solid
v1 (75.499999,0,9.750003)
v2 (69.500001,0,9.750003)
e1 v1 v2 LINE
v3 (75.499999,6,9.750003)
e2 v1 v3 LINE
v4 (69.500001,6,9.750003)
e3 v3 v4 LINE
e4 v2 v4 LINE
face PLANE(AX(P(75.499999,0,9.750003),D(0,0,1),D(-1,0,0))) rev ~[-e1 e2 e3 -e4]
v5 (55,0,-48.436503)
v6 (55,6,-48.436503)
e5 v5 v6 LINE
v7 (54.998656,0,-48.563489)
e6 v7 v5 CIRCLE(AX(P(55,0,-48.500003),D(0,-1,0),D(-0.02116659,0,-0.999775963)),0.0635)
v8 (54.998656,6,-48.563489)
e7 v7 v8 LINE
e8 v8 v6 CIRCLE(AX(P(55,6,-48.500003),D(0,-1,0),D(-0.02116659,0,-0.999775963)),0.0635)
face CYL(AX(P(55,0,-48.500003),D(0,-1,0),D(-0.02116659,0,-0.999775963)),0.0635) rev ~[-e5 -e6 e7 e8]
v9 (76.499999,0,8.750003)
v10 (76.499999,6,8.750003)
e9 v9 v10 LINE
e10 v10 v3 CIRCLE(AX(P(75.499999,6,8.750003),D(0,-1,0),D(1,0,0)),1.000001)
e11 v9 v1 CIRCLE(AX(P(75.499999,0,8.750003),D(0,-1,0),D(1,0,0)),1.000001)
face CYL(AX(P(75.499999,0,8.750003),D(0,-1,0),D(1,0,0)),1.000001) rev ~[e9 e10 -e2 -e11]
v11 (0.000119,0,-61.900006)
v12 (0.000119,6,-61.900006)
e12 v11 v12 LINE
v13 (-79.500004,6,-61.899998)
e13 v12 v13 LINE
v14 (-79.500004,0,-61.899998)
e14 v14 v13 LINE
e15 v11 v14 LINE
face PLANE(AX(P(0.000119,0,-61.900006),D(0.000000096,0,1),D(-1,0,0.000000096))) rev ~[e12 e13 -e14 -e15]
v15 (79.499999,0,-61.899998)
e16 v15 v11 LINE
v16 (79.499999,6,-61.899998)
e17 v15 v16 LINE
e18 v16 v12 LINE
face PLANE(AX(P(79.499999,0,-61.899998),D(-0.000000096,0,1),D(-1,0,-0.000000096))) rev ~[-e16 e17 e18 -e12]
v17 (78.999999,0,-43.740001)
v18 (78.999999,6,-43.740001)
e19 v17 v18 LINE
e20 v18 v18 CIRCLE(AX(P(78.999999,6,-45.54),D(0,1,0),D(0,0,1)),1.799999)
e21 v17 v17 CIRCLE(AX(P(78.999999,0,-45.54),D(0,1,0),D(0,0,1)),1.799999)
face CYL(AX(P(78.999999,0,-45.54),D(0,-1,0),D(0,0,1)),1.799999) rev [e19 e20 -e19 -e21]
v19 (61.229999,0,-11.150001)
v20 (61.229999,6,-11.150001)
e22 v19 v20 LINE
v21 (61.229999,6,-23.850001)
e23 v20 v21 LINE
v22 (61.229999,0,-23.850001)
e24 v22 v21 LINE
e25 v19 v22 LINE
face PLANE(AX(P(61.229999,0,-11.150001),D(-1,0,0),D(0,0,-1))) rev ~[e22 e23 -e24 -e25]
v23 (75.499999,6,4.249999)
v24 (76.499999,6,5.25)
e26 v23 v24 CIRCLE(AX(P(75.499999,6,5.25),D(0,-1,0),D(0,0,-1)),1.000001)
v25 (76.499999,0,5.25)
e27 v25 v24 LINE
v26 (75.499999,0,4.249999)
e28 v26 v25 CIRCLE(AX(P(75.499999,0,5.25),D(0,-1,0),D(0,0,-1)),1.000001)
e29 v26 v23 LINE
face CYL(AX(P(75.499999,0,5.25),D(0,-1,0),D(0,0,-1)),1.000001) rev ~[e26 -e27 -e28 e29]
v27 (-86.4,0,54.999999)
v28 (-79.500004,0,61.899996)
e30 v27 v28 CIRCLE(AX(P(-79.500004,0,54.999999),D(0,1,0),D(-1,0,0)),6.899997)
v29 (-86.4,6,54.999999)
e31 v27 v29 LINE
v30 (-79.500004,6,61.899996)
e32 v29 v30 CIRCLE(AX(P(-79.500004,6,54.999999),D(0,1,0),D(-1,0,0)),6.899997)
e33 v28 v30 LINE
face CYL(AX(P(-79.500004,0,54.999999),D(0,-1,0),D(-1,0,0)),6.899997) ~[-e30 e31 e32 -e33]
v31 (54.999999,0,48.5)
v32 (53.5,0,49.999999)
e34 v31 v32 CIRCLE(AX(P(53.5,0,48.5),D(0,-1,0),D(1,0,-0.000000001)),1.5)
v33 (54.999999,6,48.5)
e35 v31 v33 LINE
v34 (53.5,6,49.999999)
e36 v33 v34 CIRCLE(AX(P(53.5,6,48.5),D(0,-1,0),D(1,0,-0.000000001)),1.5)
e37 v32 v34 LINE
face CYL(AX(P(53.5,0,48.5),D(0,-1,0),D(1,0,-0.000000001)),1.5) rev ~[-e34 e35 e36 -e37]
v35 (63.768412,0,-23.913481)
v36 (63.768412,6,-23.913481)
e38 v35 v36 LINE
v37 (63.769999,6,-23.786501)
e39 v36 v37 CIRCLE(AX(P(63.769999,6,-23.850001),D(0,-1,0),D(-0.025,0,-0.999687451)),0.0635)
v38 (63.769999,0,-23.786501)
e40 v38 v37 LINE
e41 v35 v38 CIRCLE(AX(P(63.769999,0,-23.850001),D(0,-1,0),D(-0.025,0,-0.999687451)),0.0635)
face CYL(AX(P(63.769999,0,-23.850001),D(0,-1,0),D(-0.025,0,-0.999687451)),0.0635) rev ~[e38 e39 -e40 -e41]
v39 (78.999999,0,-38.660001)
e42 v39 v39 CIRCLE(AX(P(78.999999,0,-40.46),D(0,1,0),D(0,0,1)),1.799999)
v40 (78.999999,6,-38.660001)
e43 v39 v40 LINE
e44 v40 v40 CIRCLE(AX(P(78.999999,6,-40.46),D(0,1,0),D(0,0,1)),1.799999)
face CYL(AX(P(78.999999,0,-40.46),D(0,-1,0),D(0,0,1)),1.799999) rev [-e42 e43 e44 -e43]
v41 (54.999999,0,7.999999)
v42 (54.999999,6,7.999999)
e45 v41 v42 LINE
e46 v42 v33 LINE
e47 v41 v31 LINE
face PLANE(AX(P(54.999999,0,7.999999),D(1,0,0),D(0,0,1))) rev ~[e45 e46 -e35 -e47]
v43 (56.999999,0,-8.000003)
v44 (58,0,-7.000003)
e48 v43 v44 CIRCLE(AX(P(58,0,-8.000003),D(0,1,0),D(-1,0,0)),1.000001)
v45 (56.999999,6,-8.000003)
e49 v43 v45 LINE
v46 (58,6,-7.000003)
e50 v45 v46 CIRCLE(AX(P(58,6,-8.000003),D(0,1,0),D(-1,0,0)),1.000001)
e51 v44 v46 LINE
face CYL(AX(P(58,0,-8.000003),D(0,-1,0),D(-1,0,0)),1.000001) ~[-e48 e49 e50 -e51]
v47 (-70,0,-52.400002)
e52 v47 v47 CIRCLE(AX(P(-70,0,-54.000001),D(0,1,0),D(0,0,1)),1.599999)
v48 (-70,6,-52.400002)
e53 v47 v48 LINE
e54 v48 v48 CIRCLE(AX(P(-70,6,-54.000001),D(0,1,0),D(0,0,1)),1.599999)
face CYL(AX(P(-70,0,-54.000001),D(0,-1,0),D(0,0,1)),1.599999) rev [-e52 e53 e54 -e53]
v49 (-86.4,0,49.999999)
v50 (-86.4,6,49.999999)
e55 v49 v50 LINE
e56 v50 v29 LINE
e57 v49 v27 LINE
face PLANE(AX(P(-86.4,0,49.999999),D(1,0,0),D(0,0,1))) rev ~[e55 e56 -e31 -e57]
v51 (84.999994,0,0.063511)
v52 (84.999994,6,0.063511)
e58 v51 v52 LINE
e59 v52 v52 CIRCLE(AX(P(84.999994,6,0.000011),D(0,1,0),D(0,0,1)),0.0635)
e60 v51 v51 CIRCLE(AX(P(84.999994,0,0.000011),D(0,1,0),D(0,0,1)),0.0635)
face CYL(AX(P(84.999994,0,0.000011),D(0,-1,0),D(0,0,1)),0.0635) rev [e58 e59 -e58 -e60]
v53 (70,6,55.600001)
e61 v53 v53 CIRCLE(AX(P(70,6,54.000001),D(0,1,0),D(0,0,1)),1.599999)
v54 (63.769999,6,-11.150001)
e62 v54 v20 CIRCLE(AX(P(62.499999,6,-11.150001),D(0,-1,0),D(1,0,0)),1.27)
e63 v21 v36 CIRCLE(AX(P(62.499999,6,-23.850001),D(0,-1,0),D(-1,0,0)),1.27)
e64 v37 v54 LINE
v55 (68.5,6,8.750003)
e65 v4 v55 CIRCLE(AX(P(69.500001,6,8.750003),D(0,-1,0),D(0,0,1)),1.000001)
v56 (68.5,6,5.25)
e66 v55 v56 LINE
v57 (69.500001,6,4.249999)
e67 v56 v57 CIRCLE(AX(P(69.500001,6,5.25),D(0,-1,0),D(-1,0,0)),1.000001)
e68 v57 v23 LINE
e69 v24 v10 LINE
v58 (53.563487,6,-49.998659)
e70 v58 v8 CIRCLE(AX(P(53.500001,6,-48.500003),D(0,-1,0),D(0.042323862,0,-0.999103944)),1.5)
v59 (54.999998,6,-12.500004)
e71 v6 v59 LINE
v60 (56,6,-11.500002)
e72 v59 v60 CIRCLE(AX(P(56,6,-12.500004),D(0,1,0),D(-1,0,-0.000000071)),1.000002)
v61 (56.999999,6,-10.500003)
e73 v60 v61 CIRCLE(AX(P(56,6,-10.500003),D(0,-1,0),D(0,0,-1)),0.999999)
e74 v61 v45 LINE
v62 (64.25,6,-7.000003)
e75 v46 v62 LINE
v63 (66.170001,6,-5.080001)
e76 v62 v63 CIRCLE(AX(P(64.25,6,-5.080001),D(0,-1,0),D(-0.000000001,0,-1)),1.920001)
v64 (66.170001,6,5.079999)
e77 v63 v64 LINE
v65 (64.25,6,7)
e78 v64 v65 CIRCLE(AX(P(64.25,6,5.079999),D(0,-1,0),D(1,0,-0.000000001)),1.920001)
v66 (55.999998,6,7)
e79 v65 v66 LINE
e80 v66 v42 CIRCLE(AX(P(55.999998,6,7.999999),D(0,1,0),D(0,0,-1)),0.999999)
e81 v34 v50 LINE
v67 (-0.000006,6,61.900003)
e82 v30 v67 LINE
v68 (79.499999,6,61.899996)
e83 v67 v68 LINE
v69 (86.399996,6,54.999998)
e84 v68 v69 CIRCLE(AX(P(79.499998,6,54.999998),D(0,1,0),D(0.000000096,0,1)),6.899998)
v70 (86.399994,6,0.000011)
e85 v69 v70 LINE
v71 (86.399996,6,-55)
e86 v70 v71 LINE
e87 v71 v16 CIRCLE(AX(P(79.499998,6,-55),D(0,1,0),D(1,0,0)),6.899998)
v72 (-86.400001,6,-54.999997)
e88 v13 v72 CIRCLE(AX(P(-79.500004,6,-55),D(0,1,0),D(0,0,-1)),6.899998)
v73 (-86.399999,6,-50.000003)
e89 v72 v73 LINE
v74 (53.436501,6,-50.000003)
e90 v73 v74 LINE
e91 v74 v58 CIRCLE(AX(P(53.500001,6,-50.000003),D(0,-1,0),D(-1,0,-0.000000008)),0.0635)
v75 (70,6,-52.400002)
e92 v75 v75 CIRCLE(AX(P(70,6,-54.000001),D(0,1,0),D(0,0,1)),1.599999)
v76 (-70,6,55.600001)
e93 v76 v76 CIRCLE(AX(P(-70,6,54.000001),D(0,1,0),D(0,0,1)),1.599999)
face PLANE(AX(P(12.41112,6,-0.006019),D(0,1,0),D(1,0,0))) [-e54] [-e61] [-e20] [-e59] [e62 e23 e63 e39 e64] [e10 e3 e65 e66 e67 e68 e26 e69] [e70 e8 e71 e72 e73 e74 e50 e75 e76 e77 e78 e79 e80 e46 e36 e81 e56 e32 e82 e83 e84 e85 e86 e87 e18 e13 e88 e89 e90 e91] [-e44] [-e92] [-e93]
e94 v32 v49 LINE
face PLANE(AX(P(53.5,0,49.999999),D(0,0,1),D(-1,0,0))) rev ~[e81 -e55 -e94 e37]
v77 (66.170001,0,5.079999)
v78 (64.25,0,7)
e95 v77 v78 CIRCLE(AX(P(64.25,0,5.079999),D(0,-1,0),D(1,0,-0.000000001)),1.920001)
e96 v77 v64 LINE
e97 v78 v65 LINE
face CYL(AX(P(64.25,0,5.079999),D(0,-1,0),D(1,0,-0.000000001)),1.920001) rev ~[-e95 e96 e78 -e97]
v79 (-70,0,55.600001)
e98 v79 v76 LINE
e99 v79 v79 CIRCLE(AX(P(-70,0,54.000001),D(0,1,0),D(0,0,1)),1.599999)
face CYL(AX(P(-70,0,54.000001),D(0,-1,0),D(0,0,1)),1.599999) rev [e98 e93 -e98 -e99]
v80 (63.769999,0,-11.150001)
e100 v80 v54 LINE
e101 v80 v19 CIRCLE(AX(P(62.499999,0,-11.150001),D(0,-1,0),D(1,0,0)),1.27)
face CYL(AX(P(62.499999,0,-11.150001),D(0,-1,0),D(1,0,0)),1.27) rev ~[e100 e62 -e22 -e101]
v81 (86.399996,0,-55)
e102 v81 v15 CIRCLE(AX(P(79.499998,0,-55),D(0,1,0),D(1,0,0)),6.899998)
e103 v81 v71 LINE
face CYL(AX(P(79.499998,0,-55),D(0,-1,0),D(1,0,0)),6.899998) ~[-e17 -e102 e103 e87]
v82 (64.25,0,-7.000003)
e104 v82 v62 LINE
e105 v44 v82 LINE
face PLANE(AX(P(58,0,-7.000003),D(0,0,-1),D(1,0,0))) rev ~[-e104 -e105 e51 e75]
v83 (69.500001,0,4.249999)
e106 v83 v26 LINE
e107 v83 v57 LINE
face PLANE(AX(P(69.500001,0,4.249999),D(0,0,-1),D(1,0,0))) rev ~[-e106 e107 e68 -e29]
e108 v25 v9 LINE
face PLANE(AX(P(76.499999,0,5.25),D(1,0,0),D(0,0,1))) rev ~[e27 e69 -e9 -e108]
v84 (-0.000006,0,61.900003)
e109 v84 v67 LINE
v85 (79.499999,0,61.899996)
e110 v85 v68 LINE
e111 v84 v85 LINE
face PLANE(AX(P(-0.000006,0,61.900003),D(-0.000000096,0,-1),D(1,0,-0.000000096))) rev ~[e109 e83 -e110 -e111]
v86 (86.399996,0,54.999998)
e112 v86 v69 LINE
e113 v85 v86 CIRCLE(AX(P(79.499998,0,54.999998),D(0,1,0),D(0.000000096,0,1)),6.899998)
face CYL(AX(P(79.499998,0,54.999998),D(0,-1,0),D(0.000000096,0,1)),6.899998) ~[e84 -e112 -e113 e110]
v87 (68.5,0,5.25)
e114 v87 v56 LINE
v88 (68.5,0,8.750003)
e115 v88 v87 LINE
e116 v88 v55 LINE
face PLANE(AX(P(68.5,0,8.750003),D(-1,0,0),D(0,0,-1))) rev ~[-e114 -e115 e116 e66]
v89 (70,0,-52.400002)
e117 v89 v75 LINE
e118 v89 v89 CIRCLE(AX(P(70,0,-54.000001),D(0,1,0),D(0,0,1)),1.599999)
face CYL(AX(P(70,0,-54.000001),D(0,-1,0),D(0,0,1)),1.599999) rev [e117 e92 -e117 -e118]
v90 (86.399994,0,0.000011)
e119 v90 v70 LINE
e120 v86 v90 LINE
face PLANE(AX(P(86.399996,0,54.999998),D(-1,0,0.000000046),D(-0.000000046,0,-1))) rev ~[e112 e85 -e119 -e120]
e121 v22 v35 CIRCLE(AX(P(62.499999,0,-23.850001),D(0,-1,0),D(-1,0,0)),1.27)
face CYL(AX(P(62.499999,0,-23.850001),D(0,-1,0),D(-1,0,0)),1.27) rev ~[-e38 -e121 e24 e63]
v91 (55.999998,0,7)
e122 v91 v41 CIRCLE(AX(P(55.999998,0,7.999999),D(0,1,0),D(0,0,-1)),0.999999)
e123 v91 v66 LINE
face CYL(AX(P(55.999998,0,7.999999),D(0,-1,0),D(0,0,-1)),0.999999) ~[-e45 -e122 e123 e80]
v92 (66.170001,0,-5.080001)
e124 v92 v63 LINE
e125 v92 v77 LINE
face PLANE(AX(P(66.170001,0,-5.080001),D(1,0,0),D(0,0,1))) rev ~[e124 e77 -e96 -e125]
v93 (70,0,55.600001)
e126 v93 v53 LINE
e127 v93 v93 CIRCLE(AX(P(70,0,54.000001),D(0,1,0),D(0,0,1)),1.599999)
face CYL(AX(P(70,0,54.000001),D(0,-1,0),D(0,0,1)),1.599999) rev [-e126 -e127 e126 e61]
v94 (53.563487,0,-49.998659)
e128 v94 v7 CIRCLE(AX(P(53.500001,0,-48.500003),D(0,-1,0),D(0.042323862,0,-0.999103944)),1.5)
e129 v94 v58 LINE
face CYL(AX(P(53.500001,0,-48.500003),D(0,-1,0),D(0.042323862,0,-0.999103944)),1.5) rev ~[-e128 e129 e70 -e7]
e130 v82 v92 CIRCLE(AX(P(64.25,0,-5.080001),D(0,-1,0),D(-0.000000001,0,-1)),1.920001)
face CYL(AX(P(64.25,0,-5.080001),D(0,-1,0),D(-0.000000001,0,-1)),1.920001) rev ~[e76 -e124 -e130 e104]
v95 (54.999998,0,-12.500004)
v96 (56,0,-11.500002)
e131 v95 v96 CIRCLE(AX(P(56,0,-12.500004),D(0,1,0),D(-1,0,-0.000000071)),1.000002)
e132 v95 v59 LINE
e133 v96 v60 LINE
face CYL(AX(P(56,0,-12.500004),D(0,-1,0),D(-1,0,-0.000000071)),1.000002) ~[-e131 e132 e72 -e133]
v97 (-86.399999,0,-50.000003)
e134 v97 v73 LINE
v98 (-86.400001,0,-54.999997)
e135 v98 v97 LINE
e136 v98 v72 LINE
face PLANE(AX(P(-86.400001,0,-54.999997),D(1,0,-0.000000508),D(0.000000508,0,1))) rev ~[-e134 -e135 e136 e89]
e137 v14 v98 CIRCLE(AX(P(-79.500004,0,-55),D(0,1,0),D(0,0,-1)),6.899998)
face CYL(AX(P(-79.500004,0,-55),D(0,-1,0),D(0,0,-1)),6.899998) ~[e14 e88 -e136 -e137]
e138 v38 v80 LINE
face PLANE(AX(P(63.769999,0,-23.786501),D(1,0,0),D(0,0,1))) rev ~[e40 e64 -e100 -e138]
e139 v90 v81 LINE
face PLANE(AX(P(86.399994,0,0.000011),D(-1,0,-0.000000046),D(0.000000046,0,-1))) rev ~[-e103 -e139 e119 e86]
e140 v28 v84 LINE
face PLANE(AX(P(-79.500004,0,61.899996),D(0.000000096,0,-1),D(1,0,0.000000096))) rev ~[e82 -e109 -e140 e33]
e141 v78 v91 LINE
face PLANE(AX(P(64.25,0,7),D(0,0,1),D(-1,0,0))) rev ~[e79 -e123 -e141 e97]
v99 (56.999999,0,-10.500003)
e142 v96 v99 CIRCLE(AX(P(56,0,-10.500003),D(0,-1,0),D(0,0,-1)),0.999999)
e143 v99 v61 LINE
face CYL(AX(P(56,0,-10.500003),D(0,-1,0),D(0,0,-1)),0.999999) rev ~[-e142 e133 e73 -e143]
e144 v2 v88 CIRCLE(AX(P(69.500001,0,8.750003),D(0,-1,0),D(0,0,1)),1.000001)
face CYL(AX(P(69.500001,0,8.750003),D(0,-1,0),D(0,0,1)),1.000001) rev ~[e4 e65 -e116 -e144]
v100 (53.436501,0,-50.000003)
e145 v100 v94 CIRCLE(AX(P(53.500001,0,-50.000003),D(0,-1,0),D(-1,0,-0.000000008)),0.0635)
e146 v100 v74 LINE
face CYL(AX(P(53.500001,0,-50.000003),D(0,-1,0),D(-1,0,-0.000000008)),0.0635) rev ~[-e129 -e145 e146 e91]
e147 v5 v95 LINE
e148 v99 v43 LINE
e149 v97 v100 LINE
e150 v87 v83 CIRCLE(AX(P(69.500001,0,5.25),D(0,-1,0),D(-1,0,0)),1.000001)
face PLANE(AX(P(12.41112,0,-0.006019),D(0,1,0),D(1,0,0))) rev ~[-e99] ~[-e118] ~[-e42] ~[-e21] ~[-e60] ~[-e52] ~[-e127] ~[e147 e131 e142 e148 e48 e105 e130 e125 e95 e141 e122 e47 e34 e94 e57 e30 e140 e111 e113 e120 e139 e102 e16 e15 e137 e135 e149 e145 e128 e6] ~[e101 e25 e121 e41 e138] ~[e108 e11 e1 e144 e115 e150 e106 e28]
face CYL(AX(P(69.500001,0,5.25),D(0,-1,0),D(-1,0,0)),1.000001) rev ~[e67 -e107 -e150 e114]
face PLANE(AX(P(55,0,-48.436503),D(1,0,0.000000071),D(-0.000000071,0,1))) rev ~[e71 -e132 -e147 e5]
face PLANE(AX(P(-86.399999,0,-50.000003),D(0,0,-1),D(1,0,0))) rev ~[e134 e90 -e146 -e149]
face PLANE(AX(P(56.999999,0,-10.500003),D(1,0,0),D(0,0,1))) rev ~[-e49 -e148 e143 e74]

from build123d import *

# Parameters (mm, degrees)
SKIZZE1_R                       = 0.0635
SKIZZE1_R_2                     = 1.59999934
SKIZZE1_R_3                     = 1.79999894
AUFSATZ_LINEAR_AUSTRAGEN1_DEPTH = 6


with BuildPart() as part:
    # Skizze1 → Aufsatz-Linear austragen1 (new body)
    with BuildSketch(Plane(origin=(0, 0, 0), x_dir=(1, 0, 0), z_dir=(0, 1, 0))):
        with BuildLine():
            Line((-86.39999891, 50.00000287), (53.43650095, 50.00000287))
            ThreePointArc((53.43650095, 50.00000287), (53.50067303, 50.063499313), (53.563486724, 49.998658786))
            ThreePointArc((53.563486724, 49.998658786), (54.560660834, 49.560663139), (54.998656411, 48.563488998))
            ThreePointArc((54.998656411, 48.563488998), (55.063496933, 48.500675299), (55.000000486, 48.436503224))
            Line((55.000000486, 48.436503224), (54.99999795, 12.500004281))
            ThreePointArc((54.99999795, 12.500004281), (55.292891674, 11.792896174), (55.99999976, 11.5000024))
            ThreePointArc((55.99999976, 11.5000024), (56.707106025, 11.207109395), (56.99999903, 10.50000313))
            Line((56.99999903, 10.50000313), (56.99999903, 8.00000305))
            ThreePointArc((56.99999903, 8.00000305), (57.292892407, 7.292895887), (57.99999957, 7.00000251))
            Line((57.99999957, 7.00000251), (64.24999977, 7.00000251))
            ThreePointArc((64.24999977, 7.00000251), (65.607645667, 6.437647167), (66.17000101, 5.08000127))
            Line((66.17000101, 5.08000127), (66.17000101, -5.07999873))
            ThreePointArc((66.17000101, -5.07999873), (65.607645667, -6.437644627), (64.24999977, -6.99999997))
            Line((64.24999977, -6.99999997), (55.99999849, -6.99999997))
            ThreePointArc((55.99999849, -6.99999997), (55.292892225, -7.292892975), (54.99999922, -7.99999924))
            Line((54.99999922, -7.99999924), (54.99999922, -48.49999952))
            ThreePointArc((54.99999922, -48.49999952), (54.560659527, -49.560659367), (53.49999968, -49.99999906))
            Line((53.49999968, -49.99999906), (-86.40000018, -49.99999906))
            Line((-86.40000018, -49.99999906), (-86.40000018, -54.99999922))
            ThreePointArc((-86.40000018, -54.99999922), (-84.379038194, -59.879033386), (-79.500004221, -61.89999584))
            Line((-79.500004221, -61.89999584), (-5.627e-06, -61.90000346))
            Line((-5.627e-06, -61.90000346), (79.499999141, -61.89999584))
            ThreePointArc((79.499999141, -61.89999584), (84.379034125, -59.879032902), (86.39999637, -54.999997631))
            Line((86.39999637, -54.999997631), (86.39999383, -1.1416e-05))
            Line((86.39999383, -1.1416e-05), (86.39999637, 55.00000049))
            ThreePointArc((86.39999637, 55.00000049), (84.379034012, 59.879035554), (79.499999141, 61.89999838))
            Line((79.499999141, 61.89999838), (0.000118912, 61.900006))
            Line((0.000118912, 61.900006), (-79.50000356, 61.89999838))
            ThreePointArc((-79.50000356, 61.89999838), (-84.379040097, 59.879034549), (-86.40000145, 54.999996985))
            Line((-86.40000145, 54.999996985), (-86.39999891, 50.00000287))
        make_face()
        with Locations(Location((84.99999383, -1.1351e-05, 0), (0, 0, 270))):
            Circle(SKIZZE1_R, mode=Mode.SUBTRACT)
        with BuildLine():
            Line((68.50000016, -8.75000282), (68.50000016, -5.24999966))
            ThreePointArc((68.50000016, -5.24999966), (68.792893537, -4.542892497), (69.5000007, -4.24999912))
            Line((69.5000007, -4.24999912), (75.49999886, -4.24999912))
            ThreePointArc((75.49999886, -4.24999912), (76.207106023, -4.542892497), (76.4999994, -5.24999966))
            Line((76.4999994, -5.24999966), (76.4999994, -8.75000282))
            ThreePointArc((76.4999994, -8.75000282), (76.207106023, -9.457109983), (75.49999886, -9.75000336))
            Line((75.49999886, -9.75000336), (69.5000007, -9.75000336))
            ThreePointArc((69.5000007, -9.75000336), (68.792893537, -9.457109983), (68.50000016, -8.75000282))
        make_face(mode=Mode.SUBTRACT)
        with Locations(Location((-69.9999997, 54.00000122, 0), (0, 0, 270))):
            Circle(SKIZZE1_R_2, mode=Mode.SUBTRACT)
        with BuildLine():
            Line((63.76999946, 23.78650056), (63.76999946, 11.15000056))
            ThreePointArc((63.76999946, 11.15000056), (62.49999946, 9.88000056), (61.22999946, 11.15000056))
            Line((61.22999946, 11.15000056), (61.22999946, 23.85000056))
            ThreePointArc((61.22999946, 23.85000056), (62.46824946, 25.119603623), (63.76841196, 23.913480713))
            ThreePointArc((63.76841196, 23.913480713), (63.833494498, 23.850794372), (63.76999946, 23.78650056))
        make_face(mode=Mode.SUBTRACT)
        with Locations(Location((78.99999948, 40.46000036, 0), (0, 0, 270))):
            Circle(SKIZZE1_R_3, mode=Mode.SUBTRACT)
        with Locations(Location((78.99999948, 45.54000036, 0), (0, 0, 270))):
            Circle(SKIZZE1_R_3, mode=Mode.SUBTRACT)
        with Locations(Location((69.9999997, 54.00000122, 0), (0, 0, 270))):
            Circle(SKIZZE1_R_2, mode=Mode.SUBTRACT)
        with Locations(Location((-69.9999997, -54.00000122, 0), (0, 0, 270))):
            Circle(SKIZZE1_R_2, mode=Mode.SUBTRACT)
        with Locations(Location((69.9999997, -54.00000122, 0), (0, 0, 270))):
            Circle(SKIZZE1_R_2, mode=Mode.SUBTRACT)
    extrude(amount=AUFSATZ_LINEAR_AUSTRAGEN1_DEPTH)


solid = part.part
